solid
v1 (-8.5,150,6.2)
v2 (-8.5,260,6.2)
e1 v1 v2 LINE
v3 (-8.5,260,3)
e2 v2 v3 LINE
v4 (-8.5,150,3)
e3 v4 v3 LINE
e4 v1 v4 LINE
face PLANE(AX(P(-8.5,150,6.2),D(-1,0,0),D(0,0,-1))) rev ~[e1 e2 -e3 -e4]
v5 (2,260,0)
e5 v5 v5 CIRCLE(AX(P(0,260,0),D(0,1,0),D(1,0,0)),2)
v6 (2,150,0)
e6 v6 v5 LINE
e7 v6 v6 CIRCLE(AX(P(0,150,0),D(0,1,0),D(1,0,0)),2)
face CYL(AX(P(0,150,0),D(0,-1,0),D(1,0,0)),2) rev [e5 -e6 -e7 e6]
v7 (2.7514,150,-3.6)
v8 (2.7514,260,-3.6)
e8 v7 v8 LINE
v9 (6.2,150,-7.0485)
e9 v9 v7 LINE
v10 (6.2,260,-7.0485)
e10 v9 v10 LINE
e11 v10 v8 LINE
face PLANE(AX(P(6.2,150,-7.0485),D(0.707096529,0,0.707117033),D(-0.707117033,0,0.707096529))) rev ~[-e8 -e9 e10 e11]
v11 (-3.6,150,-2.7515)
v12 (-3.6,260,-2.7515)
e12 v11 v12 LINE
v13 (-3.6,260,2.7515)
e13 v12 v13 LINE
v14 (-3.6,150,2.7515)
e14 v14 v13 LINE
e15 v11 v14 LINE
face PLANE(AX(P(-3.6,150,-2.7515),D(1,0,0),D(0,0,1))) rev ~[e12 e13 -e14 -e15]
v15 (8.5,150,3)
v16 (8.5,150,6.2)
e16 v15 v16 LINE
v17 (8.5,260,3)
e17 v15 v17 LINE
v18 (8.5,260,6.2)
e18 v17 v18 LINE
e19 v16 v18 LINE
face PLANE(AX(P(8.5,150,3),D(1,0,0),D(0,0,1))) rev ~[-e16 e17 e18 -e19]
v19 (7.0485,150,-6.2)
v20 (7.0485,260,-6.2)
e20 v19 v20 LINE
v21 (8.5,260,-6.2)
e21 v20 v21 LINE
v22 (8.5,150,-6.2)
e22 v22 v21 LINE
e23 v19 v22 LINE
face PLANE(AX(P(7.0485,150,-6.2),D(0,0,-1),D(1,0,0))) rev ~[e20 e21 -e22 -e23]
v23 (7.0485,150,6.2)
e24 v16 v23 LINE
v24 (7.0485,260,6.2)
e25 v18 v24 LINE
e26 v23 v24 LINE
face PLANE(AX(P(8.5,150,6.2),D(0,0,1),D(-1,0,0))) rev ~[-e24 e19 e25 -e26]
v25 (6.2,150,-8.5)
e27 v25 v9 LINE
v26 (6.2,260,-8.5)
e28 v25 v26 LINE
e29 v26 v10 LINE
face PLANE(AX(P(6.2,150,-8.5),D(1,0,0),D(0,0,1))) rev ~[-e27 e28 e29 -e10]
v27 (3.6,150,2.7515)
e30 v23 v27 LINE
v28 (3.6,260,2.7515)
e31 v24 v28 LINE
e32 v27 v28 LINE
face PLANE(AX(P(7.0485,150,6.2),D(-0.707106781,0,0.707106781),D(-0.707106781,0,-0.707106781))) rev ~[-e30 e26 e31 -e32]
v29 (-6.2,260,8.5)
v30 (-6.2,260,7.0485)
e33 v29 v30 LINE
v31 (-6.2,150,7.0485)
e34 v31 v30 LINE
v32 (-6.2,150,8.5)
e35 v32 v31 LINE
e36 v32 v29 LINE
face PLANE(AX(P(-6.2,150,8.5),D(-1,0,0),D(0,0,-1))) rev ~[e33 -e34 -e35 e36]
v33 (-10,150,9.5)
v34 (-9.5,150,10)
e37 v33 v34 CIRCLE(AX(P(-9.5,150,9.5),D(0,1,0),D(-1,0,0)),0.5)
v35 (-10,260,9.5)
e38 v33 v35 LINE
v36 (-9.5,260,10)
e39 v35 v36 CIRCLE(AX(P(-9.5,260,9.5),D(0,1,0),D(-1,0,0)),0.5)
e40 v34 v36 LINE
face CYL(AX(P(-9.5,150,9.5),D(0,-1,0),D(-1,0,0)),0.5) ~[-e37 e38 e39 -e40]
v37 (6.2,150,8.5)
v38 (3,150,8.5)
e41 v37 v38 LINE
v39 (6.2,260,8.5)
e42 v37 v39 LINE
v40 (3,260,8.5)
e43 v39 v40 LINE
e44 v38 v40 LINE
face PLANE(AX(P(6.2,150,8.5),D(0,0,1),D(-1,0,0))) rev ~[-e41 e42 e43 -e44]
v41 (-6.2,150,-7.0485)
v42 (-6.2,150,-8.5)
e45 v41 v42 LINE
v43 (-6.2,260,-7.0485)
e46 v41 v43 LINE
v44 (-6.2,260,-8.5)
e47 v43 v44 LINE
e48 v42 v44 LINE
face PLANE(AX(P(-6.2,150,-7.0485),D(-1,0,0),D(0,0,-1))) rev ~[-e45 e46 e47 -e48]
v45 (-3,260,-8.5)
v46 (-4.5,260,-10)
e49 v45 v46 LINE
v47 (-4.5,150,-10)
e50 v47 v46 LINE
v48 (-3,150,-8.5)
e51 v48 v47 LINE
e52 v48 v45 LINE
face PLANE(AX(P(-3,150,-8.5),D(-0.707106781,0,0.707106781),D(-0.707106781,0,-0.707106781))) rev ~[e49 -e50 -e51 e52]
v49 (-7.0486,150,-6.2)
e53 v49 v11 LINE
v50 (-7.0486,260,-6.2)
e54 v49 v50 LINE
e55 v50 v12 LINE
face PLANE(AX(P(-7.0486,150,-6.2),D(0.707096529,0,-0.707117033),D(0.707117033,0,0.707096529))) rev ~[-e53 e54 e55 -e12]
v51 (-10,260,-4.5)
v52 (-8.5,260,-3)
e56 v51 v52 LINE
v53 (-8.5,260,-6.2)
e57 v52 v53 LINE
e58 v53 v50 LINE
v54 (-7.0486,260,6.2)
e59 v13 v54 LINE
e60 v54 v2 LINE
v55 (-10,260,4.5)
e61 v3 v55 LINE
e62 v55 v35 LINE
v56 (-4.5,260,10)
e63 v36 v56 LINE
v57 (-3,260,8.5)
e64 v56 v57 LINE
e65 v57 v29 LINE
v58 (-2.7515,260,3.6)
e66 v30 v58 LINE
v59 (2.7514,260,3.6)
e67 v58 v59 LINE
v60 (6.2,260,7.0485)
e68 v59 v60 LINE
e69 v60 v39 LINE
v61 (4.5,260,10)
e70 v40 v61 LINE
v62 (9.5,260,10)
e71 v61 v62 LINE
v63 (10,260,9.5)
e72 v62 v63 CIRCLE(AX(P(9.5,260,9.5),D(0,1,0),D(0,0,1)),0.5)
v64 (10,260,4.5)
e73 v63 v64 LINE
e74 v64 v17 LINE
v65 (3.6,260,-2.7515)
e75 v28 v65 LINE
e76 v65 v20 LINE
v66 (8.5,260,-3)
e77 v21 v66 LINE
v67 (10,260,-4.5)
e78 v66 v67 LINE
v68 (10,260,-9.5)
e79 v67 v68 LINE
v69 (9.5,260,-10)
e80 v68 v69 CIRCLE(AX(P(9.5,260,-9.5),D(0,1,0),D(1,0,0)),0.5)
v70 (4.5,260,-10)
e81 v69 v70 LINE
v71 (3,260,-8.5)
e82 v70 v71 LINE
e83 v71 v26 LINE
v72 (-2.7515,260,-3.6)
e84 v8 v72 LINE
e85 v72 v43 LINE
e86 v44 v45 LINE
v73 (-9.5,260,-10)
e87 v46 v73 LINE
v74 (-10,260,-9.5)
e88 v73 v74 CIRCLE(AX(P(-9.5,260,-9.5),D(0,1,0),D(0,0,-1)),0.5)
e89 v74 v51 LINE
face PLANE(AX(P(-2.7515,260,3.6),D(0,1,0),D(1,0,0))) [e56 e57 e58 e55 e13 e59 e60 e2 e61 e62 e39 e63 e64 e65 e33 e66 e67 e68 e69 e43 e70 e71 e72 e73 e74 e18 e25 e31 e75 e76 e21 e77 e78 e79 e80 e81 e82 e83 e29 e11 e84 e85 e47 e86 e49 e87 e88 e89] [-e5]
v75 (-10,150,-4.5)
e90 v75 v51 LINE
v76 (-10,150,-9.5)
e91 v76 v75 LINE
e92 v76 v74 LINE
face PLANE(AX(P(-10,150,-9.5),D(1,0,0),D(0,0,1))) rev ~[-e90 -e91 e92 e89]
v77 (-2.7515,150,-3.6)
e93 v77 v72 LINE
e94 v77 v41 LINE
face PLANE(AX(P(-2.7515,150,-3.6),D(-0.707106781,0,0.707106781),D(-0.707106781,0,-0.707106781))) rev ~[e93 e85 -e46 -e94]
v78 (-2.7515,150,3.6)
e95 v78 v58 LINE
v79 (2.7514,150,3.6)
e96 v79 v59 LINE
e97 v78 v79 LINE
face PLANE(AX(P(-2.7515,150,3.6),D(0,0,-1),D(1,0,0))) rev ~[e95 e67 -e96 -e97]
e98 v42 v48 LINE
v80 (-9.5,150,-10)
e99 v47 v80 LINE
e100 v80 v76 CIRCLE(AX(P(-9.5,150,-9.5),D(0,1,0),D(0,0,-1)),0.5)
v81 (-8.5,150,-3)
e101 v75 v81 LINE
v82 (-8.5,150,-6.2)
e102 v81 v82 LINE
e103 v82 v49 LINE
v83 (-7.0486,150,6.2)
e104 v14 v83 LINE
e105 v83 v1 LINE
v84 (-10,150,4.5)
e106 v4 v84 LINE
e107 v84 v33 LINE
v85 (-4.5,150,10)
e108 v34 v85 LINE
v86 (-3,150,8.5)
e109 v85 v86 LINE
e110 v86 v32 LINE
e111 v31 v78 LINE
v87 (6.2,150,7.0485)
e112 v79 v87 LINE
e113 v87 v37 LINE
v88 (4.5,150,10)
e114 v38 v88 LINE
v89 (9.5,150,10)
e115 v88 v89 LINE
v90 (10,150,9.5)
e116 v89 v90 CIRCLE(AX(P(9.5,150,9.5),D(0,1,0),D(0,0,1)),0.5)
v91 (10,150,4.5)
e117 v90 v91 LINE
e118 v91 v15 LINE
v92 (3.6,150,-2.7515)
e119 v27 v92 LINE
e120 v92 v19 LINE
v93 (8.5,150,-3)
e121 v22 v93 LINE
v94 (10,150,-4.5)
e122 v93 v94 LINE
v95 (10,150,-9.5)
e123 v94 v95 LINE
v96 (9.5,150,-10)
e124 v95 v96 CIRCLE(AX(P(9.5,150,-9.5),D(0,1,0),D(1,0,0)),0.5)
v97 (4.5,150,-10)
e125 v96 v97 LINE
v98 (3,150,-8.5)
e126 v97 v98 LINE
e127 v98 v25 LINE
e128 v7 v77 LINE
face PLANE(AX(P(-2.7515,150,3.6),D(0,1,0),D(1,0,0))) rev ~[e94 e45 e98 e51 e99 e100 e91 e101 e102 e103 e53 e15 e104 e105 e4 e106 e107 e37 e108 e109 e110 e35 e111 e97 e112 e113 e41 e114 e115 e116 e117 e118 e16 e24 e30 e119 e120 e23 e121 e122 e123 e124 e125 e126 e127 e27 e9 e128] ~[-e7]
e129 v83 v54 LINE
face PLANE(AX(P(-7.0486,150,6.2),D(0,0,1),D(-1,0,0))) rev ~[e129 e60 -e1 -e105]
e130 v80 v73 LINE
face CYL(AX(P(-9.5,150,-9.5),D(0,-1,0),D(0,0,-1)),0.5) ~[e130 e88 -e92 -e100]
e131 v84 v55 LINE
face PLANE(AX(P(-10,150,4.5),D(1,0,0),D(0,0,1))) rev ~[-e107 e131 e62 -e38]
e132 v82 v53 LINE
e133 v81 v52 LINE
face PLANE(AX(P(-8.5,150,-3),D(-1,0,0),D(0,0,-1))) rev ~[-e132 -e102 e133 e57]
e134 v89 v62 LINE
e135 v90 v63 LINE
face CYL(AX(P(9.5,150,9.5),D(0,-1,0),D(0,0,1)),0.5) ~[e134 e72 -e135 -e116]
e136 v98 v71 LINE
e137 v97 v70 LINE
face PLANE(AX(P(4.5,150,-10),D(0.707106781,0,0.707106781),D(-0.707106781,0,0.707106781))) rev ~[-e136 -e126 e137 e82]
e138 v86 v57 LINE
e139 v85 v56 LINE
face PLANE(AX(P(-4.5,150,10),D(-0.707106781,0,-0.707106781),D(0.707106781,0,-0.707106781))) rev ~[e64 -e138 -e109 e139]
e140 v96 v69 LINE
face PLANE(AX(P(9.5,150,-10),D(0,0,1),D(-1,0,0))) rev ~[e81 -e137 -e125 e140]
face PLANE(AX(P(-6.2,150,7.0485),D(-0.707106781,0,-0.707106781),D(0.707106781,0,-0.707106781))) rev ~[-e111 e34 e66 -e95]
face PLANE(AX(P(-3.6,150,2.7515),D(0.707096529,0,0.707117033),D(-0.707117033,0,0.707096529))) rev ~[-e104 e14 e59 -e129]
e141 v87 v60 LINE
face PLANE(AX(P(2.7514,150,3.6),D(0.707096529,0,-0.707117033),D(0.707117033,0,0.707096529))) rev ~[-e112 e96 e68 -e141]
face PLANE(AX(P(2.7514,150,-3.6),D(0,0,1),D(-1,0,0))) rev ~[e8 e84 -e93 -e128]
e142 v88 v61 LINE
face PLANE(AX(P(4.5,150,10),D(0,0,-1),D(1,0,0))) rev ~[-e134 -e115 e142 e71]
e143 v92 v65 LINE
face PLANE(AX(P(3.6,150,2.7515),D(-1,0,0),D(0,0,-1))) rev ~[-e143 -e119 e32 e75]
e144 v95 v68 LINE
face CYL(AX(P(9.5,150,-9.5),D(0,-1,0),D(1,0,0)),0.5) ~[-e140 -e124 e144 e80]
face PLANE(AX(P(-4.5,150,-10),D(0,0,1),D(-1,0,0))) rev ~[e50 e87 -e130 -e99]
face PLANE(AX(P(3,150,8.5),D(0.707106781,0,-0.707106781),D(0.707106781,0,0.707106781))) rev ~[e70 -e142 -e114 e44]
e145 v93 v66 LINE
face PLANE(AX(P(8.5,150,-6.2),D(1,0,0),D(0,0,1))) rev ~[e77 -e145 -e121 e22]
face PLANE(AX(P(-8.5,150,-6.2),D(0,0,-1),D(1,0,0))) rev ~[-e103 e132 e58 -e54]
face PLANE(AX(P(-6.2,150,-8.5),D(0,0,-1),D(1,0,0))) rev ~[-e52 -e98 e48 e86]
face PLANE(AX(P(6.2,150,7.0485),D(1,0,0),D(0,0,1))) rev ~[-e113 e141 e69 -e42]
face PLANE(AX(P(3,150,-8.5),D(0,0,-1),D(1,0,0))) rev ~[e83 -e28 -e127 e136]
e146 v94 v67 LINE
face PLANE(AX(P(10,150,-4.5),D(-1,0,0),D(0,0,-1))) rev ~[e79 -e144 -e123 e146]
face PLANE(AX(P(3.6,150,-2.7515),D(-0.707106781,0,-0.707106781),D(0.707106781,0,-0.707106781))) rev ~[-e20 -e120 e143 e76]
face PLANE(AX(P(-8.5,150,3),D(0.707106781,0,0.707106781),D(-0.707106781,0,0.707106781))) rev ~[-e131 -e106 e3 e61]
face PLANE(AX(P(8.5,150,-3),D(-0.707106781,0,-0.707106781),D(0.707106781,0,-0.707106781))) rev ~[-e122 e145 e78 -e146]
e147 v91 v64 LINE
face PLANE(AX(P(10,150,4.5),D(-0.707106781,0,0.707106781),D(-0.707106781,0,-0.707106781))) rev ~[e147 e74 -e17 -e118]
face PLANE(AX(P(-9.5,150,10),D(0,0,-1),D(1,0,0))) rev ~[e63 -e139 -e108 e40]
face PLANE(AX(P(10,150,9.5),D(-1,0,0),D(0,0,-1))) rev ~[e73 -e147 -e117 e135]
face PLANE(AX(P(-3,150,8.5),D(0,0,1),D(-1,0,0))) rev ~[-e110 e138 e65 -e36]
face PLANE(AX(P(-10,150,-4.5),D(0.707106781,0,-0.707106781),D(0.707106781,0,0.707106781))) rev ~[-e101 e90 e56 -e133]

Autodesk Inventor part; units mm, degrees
ref_plane "YZ Plane" through (0, 0, 0) normal (1, 0, 0) x (0, 1, 0)
ref_plane "XZ Plane" through (0, 0, 0) normal (0, 1, 0) x (-1, 0, 0)
ref_plane "Work Plane1" through (-2.7515, 150, 3.6) normal (0, 1, 0) x (1, 0, 0)
sketch "Sketch1" plane through (-2.7515, 150, 3.6) normal (0, 1, 0) x (1, 0, 0)
  arc A0 (-6.7485, 13.6) -> (-7.2485, 13.1) centre (-6.7485, 13.1) ccw projected
  line L0 (-7.2485, 13.1) -> (-7.2485, 8.1) projected
  line L1 (-7.2485, 8.1) -> (-5.7485, 6.6) projected
  line L2 (-5.7485, 6.6) -> (-5.7485, 9.8) projected
  line L3 (-5.7485, 9.8) -> (-4.2971, 9.8) projected
  line L4 (-4.2971, 9.8) -> (-0.8485, 6.3515) projected
  line L5 (-0.8485, 6.3515) -> (-0.8485, 0.8485) projected
  line L6 (-0.8485, 0.8485) -> (-4.2971, -2.6) projected
  line L7 (-4.2971, -2.6) -> (-5.7485, -2.6) projected
  line L8 (-5.7485, -2.6) -> (-5.7485, 0.6) projected
  line L9 (-5.7485, 0.6) -> (-7.2485, -0.9) projected
  line L10 (-7.2485, -0.9) -> (-7.2485, -5.9) projected
  arc A1 (-7.2485, -5.9) -> (-6.7485, -6.4) centre (-6.7485, -5.9) ccw projected
  line L11 (-6.7485, -6.4) -> (-1.7485, -6.4) projected
  line L12 (-1.7485, -6.4) -> (-0.2485, -4.9) projected
  line L13 (-0.2485, -4.9) -> (-3.4485, -4.9) projected
  line L14 (-3.4485, -4.9) -> (-3.4485, -3.4485) projected
  line L15 (-3.4485, -3.4485) -> (0, 0) projected
  line L16 (0, 0) -> (5.5029, 0) projected
  line L17 (5.5029, 0) -> (8.9515, -3.4485) projected
  line L18 (8.9515, -3.4485) -> (8.9515, -4.9) projected
  line L19 (8.9515, -4.9) -> (5.7515, -4.9) projected
  line L20 (5.7515, -4.9) -> (7.2515, -6.4) projected
  line L21 (7.2515, -6.4) -> (12.2515, -6.4) projected
  arc A2 (12.2515, -6.4) -> (12.7515, -5.9) centre (12.2515, -5.9) ccw projected
  line L22 (12.7515, -5.9) -> (12.7515, -0.9) projected
  line L23 (12.7515, -0.9) -> (11.2515, 0.6) projected
  line L24 (11.2515, 0.6) -> (11.2515, -2.6) projected
  line L25 (11.2515, -2.6) -> (9.8, -2.6) projected
  line L26 (9.8, -2.6) -> (6.3515, 0.8485) projected
  line L27 (6.3515, 0.8485) -> (6.3515, 6.3515) projected
  line L28 (6.3515, 6.3515) -> (9.8, 9.8) projected
  line L29 (9.8, 9.8) -> (11.2515, 9.8) projected
  line L30 (11.2515, 9.8) -> (11.2515, 6.6) projected
  line L31 (11.2515, 6.6) -> (12.7515, 8.1) projected
  line L32 (12.7515, 8.1) -> (12.7515, 13.1) projected
  arc A3 (12.7515, 13.1) -> (12.2515, 13.6) centre (12.2515, 13.1) ccw projected
  line L33 (12.2515, 13.6) -> (7.2515, 13.6) projected
  line L34 (7.2515, 13.6) -> (5.7515, 12.1) projected
  line L35 (5.7515, 12.1) -> (8.9515, 12.1) projected
  line L36 (8.9515, 12.1) -> (8.9515, 10.6485) projected
  line L37 (8.9515, 10.6485) -> (5.5029, 7.2) projected
  line L38 (5.5029, 7.2) -> (0, 7.2) projected
  line L39 (0, 7.2) -> (-3.4485, 10.6485) projected
  line L40 (-3.4485, 10.6485) -> (-3.4485, 12.1) projected
  line L41 (-3.4485, 12.1) -> (-0.2485, 12.1) projected
  line L42 (-0.2485, 12.1) -> (-1.7485, 13.6) projected
  line L43 (-1.7485, 13.6) -> (-6.7485, 13.6) projected
  circle A4 centre (2.7515, 3.6) radius 2 projected
extrude "Extrusion1" add sketch "Sketch1" along normal blind 110
ref_plane "Work Plane2" through (0, 150, -9.5) normal (1, 0, 0) x (0, 0, -1)
ref_plane "Work Plane3" through (-4.5, 150, 0) normal (0, 0, 1) x (1, 0, 0)
properties part number "20x20mmx150mm alminum profile" material "Aluminum 6061"
